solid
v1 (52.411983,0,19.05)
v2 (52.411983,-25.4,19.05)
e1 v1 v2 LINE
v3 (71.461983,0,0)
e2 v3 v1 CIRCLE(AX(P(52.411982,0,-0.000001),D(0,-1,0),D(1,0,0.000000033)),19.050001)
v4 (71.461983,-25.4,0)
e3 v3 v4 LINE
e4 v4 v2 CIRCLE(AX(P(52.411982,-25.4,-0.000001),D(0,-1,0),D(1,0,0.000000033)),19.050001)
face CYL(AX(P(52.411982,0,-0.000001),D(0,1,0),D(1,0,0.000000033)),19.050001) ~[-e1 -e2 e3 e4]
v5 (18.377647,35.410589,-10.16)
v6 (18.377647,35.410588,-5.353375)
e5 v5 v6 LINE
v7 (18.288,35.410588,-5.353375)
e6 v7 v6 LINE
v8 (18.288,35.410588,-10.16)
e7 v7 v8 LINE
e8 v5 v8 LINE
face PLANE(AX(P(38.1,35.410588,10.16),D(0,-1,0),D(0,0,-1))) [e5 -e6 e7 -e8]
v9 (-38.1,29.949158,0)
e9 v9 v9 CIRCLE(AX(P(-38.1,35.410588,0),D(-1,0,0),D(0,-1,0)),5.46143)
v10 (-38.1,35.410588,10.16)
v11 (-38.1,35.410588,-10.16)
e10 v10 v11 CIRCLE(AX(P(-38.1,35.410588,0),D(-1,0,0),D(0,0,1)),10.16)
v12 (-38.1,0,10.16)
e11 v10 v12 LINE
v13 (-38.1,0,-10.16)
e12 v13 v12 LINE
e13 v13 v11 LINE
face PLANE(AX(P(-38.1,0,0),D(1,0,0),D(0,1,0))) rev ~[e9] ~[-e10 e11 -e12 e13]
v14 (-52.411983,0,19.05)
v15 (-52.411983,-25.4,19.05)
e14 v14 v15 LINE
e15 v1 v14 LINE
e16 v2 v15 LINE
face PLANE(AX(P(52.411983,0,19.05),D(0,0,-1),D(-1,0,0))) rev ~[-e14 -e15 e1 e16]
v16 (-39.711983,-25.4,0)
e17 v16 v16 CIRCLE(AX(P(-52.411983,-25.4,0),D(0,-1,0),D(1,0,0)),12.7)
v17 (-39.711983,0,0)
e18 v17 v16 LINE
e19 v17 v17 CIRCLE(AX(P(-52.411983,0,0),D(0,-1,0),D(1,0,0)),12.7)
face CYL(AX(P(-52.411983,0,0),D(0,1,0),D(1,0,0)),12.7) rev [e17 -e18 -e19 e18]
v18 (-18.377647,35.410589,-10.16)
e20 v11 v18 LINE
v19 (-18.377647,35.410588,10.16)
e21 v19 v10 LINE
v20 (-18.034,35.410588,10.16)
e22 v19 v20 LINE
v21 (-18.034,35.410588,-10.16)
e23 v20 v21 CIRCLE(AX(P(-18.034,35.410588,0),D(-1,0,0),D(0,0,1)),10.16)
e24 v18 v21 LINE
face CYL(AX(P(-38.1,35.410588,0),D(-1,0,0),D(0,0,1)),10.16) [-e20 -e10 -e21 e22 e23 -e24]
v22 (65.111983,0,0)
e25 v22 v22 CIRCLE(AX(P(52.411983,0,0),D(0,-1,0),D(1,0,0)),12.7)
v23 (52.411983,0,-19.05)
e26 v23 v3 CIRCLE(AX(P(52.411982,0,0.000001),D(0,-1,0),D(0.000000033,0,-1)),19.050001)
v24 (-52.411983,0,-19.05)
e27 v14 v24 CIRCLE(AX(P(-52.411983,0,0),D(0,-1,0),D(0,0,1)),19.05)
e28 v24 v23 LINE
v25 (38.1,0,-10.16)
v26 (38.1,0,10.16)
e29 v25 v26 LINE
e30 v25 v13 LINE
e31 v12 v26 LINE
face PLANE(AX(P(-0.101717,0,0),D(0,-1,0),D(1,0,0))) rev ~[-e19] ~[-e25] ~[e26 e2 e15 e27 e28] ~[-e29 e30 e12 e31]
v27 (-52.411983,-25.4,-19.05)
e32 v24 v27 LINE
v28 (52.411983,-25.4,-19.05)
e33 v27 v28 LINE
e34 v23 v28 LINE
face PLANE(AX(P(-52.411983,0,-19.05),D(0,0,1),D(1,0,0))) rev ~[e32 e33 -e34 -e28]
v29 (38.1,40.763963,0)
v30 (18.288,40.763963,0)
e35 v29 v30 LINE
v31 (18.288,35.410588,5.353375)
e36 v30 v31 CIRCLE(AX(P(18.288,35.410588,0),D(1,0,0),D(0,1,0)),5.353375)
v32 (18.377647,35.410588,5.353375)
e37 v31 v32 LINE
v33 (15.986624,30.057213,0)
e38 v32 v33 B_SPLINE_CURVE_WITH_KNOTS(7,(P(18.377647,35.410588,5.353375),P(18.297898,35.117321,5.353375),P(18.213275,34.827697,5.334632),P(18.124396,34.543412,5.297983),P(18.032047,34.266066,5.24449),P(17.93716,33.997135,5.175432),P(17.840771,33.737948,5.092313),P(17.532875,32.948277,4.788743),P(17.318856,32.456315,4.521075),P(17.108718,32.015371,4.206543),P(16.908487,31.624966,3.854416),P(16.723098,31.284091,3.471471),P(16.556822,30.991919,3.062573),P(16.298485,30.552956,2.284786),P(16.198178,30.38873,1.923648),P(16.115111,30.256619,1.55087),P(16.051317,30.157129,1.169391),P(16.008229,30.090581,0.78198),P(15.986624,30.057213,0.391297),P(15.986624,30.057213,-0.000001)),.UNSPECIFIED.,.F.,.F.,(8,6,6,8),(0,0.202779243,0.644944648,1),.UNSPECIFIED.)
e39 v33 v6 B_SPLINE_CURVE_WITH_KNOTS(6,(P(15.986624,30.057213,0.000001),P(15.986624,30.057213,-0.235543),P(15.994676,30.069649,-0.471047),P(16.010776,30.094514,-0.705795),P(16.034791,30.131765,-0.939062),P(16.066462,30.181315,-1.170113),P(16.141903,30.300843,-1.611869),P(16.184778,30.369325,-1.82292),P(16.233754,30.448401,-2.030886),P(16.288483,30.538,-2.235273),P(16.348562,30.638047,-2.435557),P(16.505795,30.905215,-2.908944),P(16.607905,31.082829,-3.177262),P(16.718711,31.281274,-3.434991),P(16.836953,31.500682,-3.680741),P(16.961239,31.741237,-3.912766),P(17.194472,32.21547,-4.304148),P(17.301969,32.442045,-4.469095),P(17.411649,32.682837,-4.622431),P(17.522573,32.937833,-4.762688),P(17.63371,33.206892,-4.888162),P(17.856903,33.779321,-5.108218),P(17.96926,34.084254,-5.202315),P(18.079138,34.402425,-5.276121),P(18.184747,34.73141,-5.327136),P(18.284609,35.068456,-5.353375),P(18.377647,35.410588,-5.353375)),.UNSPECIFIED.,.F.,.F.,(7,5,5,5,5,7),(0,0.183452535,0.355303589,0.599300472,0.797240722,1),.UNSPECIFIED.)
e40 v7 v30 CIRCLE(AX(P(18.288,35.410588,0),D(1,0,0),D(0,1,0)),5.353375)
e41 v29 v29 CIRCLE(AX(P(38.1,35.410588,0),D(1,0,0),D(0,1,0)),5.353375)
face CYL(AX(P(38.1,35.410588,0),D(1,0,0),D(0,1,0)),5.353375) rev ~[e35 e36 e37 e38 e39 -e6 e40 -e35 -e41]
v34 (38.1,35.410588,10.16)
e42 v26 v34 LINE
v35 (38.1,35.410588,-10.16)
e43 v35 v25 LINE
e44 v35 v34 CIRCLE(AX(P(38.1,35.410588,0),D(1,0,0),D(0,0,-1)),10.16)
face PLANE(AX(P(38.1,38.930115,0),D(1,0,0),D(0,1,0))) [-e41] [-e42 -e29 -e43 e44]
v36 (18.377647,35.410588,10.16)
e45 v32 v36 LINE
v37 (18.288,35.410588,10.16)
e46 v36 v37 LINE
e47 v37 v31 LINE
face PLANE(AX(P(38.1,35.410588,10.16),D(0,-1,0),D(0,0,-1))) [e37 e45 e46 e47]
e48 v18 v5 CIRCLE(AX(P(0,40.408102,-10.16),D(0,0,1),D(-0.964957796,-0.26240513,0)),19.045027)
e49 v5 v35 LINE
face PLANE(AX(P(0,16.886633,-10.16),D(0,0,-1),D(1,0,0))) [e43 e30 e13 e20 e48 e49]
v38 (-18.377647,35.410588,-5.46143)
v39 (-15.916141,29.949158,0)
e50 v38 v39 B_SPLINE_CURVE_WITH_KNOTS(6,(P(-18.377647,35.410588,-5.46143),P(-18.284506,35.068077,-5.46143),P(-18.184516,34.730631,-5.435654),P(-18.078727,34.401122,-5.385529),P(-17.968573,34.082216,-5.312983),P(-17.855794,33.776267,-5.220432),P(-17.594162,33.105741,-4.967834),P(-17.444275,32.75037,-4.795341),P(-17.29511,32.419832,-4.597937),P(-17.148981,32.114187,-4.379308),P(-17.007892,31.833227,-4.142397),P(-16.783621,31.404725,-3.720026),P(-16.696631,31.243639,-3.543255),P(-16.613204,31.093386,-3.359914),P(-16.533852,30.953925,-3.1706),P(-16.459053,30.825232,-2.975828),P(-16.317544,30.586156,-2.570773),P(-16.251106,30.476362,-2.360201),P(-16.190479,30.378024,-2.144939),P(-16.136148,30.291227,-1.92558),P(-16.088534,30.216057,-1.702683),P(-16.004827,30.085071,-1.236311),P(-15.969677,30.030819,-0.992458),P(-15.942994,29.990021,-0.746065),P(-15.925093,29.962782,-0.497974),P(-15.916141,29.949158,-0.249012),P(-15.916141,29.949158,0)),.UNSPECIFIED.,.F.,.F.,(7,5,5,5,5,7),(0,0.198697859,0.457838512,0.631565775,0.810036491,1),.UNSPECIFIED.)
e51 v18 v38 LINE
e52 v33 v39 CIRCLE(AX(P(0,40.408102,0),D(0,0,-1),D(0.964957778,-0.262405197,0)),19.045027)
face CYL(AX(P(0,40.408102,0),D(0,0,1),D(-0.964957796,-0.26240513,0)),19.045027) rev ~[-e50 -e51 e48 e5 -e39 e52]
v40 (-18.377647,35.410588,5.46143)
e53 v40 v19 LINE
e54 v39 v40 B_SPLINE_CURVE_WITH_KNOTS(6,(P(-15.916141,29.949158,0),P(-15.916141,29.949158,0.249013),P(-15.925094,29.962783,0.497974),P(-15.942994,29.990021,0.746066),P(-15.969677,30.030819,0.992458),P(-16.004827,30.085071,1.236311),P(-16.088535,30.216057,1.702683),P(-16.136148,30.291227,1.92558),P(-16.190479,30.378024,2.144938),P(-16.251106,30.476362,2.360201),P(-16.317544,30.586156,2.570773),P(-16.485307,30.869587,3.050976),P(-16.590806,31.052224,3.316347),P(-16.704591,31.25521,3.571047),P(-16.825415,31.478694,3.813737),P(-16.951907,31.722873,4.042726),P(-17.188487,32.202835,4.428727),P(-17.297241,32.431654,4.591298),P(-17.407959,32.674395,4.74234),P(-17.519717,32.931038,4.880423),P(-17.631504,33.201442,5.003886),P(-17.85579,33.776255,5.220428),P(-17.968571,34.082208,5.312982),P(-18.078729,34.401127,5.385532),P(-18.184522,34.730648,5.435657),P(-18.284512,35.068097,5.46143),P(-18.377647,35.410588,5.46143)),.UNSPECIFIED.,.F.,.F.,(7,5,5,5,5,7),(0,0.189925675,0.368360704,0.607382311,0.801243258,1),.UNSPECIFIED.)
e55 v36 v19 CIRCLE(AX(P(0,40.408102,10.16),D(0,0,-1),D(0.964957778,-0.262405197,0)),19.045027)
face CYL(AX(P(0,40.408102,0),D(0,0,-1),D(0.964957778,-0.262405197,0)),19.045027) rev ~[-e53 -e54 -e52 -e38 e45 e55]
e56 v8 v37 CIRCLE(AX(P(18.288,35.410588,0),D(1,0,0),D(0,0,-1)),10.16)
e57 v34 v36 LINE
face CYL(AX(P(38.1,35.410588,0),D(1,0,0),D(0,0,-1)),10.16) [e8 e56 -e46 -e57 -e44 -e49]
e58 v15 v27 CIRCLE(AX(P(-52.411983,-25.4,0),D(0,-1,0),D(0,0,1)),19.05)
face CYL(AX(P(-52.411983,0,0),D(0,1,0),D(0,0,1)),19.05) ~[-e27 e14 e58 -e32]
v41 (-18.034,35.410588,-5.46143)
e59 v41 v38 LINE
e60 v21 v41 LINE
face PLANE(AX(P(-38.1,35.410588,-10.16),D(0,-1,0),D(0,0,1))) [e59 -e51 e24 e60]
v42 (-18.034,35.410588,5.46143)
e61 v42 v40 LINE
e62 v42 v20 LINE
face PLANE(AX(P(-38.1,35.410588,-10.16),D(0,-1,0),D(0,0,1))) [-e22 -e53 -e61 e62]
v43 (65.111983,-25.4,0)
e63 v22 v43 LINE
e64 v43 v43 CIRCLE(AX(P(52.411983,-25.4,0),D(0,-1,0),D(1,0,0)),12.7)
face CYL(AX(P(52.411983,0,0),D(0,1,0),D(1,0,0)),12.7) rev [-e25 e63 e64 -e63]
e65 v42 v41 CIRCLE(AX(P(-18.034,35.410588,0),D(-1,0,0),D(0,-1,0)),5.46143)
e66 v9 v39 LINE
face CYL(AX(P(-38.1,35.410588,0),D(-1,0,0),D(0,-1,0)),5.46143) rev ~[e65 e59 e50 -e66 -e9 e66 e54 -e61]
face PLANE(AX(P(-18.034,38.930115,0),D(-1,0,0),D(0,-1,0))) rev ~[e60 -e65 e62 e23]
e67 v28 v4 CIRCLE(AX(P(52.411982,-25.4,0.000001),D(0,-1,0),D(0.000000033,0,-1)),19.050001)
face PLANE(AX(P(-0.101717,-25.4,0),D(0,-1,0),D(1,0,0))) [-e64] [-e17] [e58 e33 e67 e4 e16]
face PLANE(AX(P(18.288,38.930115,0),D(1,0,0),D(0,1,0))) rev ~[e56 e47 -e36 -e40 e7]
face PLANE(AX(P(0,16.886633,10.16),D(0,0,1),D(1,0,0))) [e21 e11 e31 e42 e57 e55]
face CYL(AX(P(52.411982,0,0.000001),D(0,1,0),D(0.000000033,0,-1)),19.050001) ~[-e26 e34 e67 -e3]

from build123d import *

# Parameters (mm, degrees)
F0_R      = 12.7
F1_DEPTH  = 25.4
F3_DEPTH  = 10.16
F4_DEPTH  = 10.16
F6_DEPTH  = 20.066
F8_DEPTH  = 19.812
F9_R      = 5.46143
F11_DEPTH = 25.4
F10_R     = 5.353375
F12_DEPTH = 25.4


with BuildPart() as f1:
    # F0 (on Front) → F1 (new body)
    with BuildSketch(Plane.XZ):
        with BuildLine():
            ThreePointArc((-52.411983, 19.05), (-38.941599, 13.470384), (-33.361983, 0))
            ThreePointArc((-33.361983, 0), (-38.941599, -13.470384), (-52.411983, -19.05))
            Line((-52.411983, -19.05), (52.411983, -19.05))
            ThreePointArc((52.411983, -19.05), (33.361983, 0), (52.411983, 19.05))
            Line((52.411983, 19.05), (-52.411983, 19.05))
        make_face()
        with BuildLine():
            ThreePointArc((-52.411983, -19.05), (-38.941599, -13.470384), (-33.361983, 0))
            ThreePointArc((-33.361983, 0), (-38.941599, 13.470384), (-52.411983, 19.05))
            ThreePointArc((-52.411983, 19.05), (-71.461983, 0), (-52.411983, -19.05))
        make_face()
        with Locations((-52.411983, 0)):
            Circle(F0_R, mode=Mode.SUBTRACT)
        with BuildLine():
            ThreePointArc((71.461983, 0), (65.882367, 13.470384), (52.411983, 19.05))
            ThreePointArc((52.411983, 19.05), (33.361983, 0), (52.411983, -19.05))
            ThreePointArc((52.411983, -19.05), (65.882367, -13.470384), (71.461983, 0))
        make_face()
        with Locations((52.411983, 0)):
            Circle(F0_R, mode=Mode.SUBTRACT)
    extrude(amount=F1_DEPTH)

    # F2 (on Top) → F3 (join)
    with BuildSketch(Plane.XY):
        with BuildLine():
            Line((-38.1, 0), (0, 0))
            Line((0, 0), (38.1, 0))
            Line((38.1, 0), (38.1, 35.410588))
            Line((38.1, 35.410588), (18.377647, 35.410588))
            ThreePointArc((18.377647, 35.410588), (0, 21.363075), (-18.377647, 35.410588))
            Line((-18.377647, 35.410588), (-38.1, 35.410588))
            Line((-38.1, 35.410588), (-38.1, 0))
        make_face()
    extrude(amount=F3_DEPTH)

    # F3_face (on face) → F4 (join)
    with BuildSketch(Plane(origin=(0, 15.751851, 0), x_dir=(1, 0, 0), z_dir=(0, 0, -1))):
        with BuildLine():
            Line((38.1, 15.751851), (-38.1, 15.751851))
            Line((-38.1, 15.751851), (-38.1, -19.658738))
            Line((-38.1, -19.658738), (-18.377647, -19.658738))
            ThreePointArc((-18.377647, -19.658738), (0, -5.611224), (18.377647, -19.658738))
            Line((18.377647, -19.658738), (38.1, -19.658738))
            Line((38.1, -19.658738), (38.1, 15.751851))
        make_face()
    extrude(amount=F4_DEPTH)

    # F5 (on face) → F6 (join)
    with BuildSketch(Plane(origin=(-38.1, 0, 0), x_dir=(0, -1, 0), z_dir=(-1, 0, 0))):
        with BuildLine():
            Line((-35.410588, -10.16), (-35.410588, 10.16))
            ThreePointArc((-35.410588, 10.16), (-45.570588, 0), (-35.410588, -10.16))
        make_face()
    extrude(amount=-F6_DEPTH)

    # F7 (on face) → F8 (join)
    with BuildSketch(Plane.YZ.offset(38.1)):
        with BuildLine():
            Line((35.410588, 10.16), (35.410588, -10.16))
            ThreePointArc((35.410588, -10.16), (45.570588, 0), (35.410588, 10.16))
        make_face()
    extrude(amount=-F8_DEPTH)

    # F9 (on face) → F11 (cut)
    with BuildSketch(Plane(origin=(-38.1, 0, 0), x_dir=(0, -1, 0), z_dir=(-1, 0, 0))):
        with Locations((-35.410588, 0)):
            Circle(F9_R)
    extrude(amount=-F11_DEPTH, mode=Mode.SUBTRACT)

    # F10 (on face) → F12 (cut)
    with BuildSketch(Plane.YZ.offset(38.1)):
        with Locations((35.410588, 0)):
            Circle(F10_R)
    extrude(amount=-F12_DEPTH, mode=Mode.SUBTRACT)


solid = f1.part
